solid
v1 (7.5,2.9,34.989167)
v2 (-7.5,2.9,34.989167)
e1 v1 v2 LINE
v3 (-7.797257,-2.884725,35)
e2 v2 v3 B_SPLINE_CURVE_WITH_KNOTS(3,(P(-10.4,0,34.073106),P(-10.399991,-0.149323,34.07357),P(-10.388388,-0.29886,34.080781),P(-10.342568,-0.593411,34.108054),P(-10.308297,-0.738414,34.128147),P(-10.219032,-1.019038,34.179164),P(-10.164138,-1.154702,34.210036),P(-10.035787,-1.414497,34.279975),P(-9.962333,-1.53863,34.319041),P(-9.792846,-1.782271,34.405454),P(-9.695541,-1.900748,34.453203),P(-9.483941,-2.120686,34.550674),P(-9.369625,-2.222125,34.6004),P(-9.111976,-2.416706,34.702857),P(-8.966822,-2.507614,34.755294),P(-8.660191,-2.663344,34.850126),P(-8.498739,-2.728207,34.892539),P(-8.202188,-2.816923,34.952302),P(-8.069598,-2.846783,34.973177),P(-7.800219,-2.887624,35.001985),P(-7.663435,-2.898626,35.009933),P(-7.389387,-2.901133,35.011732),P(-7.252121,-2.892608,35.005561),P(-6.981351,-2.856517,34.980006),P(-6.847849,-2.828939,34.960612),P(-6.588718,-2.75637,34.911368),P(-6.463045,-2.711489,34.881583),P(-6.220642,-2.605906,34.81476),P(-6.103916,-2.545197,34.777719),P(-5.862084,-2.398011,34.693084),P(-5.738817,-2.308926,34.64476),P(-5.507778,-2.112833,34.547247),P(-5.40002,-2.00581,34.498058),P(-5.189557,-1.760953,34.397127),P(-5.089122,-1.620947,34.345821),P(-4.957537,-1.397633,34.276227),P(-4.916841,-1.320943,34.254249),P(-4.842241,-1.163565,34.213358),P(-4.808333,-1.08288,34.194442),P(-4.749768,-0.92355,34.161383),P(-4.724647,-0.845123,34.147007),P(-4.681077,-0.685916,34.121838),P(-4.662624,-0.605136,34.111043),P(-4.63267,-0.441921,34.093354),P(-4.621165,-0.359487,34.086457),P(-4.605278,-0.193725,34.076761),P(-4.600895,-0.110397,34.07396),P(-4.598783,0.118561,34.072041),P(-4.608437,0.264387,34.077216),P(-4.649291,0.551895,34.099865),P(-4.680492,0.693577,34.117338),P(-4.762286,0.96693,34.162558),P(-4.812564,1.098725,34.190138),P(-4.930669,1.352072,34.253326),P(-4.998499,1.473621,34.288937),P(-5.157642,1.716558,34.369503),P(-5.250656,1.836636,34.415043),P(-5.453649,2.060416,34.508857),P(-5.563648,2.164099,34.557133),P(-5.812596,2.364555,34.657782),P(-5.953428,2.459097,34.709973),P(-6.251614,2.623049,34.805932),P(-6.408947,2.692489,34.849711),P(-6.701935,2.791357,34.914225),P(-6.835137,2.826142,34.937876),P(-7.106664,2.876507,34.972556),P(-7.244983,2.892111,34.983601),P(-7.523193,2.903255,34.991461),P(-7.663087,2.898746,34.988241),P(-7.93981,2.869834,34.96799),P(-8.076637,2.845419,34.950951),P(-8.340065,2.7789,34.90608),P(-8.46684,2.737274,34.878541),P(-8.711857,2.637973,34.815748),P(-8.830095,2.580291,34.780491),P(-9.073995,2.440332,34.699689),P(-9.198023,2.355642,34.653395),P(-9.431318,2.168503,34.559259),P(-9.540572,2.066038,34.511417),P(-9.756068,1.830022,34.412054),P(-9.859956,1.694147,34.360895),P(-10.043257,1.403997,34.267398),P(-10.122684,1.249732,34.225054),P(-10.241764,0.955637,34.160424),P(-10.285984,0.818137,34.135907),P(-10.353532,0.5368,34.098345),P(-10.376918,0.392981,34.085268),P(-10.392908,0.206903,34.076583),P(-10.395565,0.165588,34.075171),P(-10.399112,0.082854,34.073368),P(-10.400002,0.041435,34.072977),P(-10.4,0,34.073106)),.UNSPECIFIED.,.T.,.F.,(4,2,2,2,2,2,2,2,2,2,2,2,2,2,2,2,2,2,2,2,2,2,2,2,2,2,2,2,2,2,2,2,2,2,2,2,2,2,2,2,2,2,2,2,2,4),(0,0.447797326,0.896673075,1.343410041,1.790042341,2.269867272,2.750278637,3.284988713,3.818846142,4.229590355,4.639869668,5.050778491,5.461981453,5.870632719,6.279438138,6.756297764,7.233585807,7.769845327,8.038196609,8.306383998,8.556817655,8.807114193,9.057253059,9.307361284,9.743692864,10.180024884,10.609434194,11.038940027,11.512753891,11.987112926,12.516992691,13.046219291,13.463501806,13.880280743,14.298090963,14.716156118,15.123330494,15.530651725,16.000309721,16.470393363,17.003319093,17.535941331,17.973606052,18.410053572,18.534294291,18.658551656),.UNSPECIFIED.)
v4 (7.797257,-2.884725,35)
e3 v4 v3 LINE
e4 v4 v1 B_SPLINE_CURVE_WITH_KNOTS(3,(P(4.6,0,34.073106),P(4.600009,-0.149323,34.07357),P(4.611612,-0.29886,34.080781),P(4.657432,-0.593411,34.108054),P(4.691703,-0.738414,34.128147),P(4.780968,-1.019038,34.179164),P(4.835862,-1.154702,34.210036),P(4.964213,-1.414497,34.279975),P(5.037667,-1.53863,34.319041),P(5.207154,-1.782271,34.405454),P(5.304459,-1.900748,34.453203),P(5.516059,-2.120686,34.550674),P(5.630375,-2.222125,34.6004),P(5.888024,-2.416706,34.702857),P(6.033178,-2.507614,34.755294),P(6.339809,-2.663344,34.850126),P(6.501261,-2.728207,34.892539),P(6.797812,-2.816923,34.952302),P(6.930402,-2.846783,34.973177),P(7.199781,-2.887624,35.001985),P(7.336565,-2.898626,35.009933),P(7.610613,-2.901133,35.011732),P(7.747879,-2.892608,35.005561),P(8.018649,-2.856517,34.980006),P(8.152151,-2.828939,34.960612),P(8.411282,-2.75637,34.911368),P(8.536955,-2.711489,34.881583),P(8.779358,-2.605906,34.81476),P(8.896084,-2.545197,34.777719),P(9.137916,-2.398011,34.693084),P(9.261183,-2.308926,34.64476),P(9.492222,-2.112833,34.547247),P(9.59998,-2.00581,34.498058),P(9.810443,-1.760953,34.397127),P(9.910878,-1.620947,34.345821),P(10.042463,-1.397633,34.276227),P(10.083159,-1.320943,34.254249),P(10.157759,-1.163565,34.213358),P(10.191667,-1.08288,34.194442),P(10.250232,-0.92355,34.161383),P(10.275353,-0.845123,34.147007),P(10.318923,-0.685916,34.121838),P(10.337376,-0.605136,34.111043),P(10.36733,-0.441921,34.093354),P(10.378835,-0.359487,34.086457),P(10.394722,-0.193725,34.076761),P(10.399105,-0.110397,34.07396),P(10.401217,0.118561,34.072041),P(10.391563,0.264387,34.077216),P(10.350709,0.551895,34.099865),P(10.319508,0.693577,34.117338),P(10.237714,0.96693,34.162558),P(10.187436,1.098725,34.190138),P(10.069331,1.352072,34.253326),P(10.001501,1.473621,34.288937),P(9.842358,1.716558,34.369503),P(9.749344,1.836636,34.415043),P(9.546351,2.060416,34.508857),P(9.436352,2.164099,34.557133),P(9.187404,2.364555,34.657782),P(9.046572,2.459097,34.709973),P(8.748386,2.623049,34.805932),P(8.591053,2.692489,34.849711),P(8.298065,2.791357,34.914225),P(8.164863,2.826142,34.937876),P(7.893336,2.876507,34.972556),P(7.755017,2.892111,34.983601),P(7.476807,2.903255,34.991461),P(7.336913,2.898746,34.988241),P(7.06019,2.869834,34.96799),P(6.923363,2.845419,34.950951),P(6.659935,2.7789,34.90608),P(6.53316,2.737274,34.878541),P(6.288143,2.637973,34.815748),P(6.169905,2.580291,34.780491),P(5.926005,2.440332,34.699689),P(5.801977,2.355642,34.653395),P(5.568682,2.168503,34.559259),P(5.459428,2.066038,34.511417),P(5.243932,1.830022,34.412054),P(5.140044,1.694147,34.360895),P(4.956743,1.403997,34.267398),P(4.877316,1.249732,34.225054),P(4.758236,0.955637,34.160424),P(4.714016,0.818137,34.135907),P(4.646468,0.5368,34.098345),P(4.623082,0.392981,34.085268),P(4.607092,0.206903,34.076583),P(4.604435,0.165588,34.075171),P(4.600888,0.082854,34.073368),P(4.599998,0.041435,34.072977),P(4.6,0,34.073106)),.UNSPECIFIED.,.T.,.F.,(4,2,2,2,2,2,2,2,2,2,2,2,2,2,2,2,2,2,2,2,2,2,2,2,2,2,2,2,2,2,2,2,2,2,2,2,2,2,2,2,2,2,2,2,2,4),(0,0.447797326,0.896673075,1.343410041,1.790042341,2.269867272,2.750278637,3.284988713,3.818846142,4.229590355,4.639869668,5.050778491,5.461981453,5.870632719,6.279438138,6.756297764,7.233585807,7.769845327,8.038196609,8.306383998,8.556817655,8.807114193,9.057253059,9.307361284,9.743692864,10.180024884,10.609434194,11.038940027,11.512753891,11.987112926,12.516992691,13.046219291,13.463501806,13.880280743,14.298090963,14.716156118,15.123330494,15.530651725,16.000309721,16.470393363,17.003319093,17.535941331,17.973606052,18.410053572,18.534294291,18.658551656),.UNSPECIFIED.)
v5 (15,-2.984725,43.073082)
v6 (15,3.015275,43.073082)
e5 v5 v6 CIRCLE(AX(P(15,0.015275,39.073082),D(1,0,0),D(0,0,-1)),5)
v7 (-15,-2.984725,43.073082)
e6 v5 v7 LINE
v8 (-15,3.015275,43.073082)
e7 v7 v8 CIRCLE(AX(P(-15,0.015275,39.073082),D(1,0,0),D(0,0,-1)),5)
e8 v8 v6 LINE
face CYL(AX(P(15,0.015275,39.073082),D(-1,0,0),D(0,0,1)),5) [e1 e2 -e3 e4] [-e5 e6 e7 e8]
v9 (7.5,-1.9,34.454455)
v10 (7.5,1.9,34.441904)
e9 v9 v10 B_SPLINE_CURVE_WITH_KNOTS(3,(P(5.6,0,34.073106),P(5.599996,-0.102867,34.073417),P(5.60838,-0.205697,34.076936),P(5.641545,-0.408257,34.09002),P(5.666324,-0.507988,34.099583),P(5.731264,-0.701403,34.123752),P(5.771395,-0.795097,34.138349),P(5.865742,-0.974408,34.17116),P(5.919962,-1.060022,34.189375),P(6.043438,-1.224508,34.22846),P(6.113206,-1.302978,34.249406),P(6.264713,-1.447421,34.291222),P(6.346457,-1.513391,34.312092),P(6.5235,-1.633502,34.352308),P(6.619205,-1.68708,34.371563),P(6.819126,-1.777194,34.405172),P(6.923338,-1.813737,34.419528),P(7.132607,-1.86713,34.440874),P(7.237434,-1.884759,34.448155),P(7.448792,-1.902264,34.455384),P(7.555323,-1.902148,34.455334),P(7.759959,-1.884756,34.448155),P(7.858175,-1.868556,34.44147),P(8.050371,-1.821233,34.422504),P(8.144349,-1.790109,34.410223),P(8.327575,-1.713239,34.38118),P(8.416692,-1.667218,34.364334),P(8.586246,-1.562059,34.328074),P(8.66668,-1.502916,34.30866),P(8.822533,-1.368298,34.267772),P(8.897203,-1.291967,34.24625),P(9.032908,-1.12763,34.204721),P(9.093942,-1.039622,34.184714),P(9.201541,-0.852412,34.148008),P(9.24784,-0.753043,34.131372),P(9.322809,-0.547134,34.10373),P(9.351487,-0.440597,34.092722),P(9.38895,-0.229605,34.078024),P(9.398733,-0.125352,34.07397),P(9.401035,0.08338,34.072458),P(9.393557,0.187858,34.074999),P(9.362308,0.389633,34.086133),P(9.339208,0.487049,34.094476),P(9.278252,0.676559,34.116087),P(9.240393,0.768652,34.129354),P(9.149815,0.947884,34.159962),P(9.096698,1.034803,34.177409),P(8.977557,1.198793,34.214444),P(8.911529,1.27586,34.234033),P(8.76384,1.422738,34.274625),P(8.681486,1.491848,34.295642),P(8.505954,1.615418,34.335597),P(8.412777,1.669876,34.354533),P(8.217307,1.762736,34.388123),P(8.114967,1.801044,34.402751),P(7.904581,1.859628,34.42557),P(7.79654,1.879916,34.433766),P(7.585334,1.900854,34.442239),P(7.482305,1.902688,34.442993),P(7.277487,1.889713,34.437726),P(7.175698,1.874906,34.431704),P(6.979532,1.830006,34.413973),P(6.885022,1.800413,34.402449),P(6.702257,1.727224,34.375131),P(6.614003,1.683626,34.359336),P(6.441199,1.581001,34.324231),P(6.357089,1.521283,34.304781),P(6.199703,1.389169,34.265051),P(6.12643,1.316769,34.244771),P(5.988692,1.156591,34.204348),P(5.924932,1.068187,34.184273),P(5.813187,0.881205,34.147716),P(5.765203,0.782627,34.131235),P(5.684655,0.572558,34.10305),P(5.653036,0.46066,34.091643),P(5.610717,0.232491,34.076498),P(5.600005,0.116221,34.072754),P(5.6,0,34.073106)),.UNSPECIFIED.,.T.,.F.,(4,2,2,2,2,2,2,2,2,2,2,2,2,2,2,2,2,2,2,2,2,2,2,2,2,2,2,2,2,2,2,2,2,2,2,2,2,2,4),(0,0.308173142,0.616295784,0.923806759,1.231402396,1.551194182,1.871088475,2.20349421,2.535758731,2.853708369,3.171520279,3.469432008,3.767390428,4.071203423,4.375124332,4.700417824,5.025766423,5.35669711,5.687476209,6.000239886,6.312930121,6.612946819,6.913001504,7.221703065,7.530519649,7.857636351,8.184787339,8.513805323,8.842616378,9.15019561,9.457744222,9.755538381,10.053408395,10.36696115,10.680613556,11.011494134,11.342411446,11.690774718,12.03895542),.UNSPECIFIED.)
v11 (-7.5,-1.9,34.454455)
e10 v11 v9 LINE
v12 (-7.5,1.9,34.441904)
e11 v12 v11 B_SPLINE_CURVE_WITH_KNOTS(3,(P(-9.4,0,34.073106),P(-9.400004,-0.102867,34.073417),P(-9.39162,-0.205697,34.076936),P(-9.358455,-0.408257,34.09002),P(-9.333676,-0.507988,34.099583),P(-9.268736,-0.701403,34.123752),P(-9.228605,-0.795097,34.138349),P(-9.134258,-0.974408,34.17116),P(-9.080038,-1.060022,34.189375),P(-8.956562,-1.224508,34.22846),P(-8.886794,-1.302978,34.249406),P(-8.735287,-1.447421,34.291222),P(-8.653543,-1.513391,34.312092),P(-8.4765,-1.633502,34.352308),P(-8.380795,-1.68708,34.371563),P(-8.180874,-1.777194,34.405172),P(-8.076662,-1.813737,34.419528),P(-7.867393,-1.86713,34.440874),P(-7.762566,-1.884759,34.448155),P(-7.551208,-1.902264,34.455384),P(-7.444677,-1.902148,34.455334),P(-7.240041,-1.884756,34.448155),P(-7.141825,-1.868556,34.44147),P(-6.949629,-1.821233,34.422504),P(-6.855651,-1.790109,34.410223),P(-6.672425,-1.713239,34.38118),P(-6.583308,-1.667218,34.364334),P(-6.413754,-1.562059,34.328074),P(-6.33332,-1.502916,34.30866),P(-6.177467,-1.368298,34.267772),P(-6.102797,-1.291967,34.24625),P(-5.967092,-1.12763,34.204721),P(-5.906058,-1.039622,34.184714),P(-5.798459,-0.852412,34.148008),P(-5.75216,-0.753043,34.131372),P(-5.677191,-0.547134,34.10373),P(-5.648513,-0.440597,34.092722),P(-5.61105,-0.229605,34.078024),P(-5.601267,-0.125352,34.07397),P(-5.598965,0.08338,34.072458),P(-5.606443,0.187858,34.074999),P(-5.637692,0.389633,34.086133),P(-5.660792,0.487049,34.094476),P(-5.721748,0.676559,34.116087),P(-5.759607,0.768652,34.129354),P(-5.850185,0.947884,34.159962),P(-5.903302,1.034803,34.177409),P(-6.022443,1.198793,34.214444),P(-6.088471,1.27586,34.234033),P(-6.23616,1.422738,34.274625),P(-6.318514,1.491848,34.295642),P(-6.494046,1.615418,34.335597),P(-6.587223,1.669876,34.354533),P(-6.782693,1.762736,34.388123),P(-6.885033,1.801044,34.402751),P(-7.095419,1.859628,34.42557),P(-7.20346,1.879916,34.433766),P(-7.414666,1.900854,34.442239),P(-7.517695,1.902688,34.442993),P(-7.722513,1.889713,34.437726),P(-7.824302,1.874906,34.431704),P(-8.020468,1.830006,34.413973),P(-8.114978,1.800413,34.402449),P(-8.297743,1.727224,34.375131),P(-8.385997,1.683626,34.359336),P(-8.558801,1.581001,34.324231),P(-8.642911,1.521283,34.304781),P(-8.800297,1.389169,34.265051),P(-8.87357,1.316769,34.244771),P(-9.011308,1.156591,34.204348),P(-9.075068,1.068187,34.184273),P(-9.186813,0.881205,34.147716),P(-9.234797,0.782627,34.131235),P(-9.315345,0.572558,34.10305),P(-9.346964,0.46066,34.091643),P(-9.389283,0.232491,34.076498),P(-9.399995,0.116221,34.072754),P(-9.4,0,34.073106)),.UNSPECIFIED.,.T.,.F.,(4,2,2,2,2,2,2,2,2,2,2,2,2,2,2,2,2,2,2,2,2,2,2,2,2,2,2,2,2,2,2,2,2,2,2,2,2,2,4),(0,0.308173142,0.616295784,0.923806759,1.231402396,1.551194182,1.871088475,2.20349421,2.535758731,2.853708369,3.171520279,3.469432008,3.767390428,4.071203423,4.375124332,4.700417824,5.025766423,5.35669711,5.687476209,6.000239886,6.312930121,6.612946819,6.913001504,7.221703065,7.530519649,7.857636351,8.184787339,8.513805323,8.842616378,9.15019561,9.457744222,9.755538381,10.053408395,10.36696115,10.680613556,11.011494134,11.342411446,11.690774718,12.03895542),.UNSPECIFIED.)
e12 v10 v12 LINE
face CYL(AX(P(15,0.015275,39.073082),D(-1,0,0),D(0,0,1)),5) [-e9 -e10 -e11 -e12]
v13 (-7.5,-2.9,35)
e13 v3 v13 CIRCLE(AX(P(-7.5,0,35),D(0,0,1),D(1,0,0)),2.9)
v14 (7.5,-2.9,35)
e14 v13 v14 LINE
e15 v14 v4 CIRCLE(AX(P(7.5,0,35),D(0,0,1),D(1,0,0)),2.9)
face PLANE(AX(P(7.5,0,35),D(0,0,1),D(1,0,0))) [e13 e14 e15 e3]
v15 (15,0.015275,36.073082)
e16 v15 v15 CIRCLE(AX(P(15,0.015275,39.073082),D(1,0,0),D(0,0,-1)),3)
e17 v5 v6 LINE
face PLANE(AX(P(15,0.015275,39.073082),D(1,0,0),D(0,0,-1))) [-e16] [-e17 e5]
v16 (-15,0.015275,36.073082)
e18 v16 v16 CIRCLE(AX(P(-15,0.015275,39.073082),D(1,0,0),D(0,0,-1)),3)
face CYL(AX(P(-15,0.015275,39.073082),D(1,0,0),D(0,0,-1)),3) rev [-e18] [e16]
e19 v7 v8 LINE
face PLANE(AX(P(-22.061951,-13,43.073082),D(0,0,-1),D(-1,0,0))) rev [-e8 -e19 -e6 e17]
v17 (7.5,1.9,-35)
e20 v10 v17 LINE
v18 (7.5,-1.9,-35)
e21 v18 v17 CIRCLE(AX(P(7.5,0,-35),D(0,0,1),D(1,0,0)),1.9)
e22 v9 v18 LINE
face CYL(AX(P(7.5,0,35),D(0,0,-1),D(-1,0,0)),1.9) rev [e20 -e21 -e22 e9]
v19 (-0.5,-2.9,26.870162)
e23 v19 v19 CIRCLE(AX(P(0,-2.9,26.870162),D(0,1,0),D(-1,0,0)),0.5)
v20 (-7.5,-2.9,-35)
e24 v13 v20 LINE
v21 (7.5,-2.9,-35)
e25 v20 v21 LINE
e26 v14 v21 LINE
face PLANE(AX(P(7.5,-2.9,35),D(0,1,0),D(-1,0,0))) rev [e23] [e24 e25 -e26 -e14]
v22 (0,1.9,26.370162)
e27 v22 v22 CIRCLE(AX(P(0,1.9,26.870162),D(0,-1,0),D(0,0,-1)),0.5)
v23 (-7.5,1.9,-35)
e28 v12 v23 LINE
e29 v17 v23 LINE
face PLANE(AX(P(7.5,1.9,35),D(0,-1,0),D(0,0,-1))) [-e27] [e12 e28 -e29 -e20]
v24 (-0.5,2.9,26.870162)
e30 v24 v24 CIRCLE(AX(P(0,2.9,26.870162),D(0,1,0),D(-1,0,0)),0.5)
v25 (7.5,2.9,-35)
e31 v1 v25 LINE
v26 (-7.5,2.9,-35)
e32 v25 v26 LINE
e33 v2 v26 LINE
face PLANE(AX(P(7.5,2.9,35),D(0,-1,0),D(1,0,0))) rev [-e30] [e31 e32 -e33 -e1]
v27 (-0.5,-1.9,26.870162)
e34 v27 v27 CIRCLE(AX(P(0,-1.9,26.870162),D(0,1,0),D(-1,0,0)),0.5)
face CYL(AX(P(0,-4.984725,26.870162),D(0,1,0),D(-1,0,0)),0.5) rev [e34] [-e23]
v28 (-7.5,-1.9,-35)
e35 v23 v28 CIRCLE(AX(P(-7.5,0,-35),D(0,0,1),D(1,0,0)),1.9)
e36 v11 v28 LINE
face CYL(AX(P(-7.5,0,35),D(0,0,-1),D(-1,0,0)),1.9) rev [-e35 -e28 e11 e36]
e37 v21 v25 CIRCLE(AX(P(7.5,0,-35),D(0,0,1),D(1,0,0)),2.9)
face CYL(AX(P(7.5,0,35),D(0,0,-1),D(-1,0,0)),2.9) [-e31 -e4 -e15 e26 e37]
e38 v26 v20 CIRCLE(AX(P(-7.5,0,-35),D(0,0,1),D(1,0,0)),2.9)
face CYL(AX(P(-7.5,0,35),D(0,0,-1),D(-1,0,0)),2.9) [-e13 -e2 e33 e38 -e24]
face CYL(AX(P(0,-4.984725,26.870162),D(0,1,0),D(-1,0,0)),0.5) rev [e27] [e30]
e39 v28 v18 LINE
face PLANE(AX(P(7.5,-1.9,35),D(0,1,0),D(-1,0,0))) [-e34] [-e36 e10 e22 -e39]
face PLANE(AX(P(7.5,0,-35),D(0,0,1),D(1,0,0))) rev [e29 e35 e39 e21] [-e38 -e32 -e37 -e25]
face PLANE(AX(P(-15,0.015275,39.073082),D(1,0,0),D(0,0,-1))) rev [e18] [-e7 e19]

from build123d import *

# Parameters (mm, degrees)
BOSS_EXTRUDE1_DEPTH = 35
SKETCH9_R           = 5
BOSS_EXTRUDE3_DEPTH = 15
SKETCH10_W          = 39.744762059
SKETCH10_H          = 6.949903748
CUT_EXTRUDE1_DEPTH  = 13
SKETCH11_R          = 0.5
CUT_EXTRUDE2_DEPTH  = 47.286707872
SKETCH12_R          = 3
CUT_EXTRUDE3_DEPTH  = 53.72991015


with BuildPart() as part:
    # Sketch4 → Boss-Extrude1 (new, symmetric)
    with BuildSketch(Plane.XY):
        with BuildLine():
            Line((7.5, -2.9), (-7.5, -2.9))
            ThreePointArc((-7.5, -2.9), (-10.4, 0), (-7.5, 2.9))
            Line((-7.5, 2.9), (7.5, 2.9))
            ThreePointArc((7.5, 2.9), (10.4, 0), (7.5, -2.9))
        make_face()
        with BuildLine():
            Line((7.5, -1.9), (-7.5, -1.9))
            ThreePointArc((-7.5, -1.9), (-9.4, 0), (-7.5, 1.9))
            Line((-7.5, 1.9), (7.5, 1.9))
            ThreePointArc((7.5, 1.9), (9.4, 0), (7.5, -1.9))
        make_face(mode=Mode.SUBTRACT)
    extrude(amount=BOSS_EXTRUDE1_DEPTH, both=True)

    # Sketch9 → Boss-Extrude3 (add, symmetric)
    with BuildSketch(Plane(origin=(0, 0, 0), x_dir=(0, 0, -1), z_dir=(1, 0, 0))):
        with Locations((-39.073082371, 0.015275052)):
            Circle(SKETCH9_R)
    extrude(amount=BOSS_EXTRUDE3_DEPTH, both=True)

    # Sketch10 → Cut-Extrude1 (cut, symmetric)
    with BuildSketch(Plane(origin=(0, 0, 0), x_dir=(1, 0, 0), z_dir=(0, 1, 0))):
        with Locations((-2.189570447, -46.548034245)):
            Rectangle(SKETCH10_W, SKETCH10_H)
    extrude(amount=CUT_EXTRUDE1_DEPTH, both=True, mode=Mode.SUBTRACT)

    # Sketch11 → Cut-Extrude2 (cut, through all)
    with BuildSketch(Plane(origin=(0, 2.9, 0), x_dir=(1, 0, 0), z_dir=(0, 1, 0))):
        with Locations(Location((0, -26.870162273, 0), (0, 0, 180))):
            Circle(SKETCH11_R)
    extrude(amount=-CUT_EXTRUDE2_DEPTH, mode=Mode.SUBTRACT)

    # Sketch12 → Cut-Extrude3 (cut, through all)
    with BuildSketch(Plane(origin=(15, 0, 0), x_dir=(0, 0, -1), z_dir=(1, 0, 0))):
        with Locations((-39.073082371, 0.015275052)):
            Circle(SKETCH12_R)
    extrude(amount=-CUT_EXTRUDE3_DEPTH, mode=Mode.SUBTRACT)


solid = part.part
